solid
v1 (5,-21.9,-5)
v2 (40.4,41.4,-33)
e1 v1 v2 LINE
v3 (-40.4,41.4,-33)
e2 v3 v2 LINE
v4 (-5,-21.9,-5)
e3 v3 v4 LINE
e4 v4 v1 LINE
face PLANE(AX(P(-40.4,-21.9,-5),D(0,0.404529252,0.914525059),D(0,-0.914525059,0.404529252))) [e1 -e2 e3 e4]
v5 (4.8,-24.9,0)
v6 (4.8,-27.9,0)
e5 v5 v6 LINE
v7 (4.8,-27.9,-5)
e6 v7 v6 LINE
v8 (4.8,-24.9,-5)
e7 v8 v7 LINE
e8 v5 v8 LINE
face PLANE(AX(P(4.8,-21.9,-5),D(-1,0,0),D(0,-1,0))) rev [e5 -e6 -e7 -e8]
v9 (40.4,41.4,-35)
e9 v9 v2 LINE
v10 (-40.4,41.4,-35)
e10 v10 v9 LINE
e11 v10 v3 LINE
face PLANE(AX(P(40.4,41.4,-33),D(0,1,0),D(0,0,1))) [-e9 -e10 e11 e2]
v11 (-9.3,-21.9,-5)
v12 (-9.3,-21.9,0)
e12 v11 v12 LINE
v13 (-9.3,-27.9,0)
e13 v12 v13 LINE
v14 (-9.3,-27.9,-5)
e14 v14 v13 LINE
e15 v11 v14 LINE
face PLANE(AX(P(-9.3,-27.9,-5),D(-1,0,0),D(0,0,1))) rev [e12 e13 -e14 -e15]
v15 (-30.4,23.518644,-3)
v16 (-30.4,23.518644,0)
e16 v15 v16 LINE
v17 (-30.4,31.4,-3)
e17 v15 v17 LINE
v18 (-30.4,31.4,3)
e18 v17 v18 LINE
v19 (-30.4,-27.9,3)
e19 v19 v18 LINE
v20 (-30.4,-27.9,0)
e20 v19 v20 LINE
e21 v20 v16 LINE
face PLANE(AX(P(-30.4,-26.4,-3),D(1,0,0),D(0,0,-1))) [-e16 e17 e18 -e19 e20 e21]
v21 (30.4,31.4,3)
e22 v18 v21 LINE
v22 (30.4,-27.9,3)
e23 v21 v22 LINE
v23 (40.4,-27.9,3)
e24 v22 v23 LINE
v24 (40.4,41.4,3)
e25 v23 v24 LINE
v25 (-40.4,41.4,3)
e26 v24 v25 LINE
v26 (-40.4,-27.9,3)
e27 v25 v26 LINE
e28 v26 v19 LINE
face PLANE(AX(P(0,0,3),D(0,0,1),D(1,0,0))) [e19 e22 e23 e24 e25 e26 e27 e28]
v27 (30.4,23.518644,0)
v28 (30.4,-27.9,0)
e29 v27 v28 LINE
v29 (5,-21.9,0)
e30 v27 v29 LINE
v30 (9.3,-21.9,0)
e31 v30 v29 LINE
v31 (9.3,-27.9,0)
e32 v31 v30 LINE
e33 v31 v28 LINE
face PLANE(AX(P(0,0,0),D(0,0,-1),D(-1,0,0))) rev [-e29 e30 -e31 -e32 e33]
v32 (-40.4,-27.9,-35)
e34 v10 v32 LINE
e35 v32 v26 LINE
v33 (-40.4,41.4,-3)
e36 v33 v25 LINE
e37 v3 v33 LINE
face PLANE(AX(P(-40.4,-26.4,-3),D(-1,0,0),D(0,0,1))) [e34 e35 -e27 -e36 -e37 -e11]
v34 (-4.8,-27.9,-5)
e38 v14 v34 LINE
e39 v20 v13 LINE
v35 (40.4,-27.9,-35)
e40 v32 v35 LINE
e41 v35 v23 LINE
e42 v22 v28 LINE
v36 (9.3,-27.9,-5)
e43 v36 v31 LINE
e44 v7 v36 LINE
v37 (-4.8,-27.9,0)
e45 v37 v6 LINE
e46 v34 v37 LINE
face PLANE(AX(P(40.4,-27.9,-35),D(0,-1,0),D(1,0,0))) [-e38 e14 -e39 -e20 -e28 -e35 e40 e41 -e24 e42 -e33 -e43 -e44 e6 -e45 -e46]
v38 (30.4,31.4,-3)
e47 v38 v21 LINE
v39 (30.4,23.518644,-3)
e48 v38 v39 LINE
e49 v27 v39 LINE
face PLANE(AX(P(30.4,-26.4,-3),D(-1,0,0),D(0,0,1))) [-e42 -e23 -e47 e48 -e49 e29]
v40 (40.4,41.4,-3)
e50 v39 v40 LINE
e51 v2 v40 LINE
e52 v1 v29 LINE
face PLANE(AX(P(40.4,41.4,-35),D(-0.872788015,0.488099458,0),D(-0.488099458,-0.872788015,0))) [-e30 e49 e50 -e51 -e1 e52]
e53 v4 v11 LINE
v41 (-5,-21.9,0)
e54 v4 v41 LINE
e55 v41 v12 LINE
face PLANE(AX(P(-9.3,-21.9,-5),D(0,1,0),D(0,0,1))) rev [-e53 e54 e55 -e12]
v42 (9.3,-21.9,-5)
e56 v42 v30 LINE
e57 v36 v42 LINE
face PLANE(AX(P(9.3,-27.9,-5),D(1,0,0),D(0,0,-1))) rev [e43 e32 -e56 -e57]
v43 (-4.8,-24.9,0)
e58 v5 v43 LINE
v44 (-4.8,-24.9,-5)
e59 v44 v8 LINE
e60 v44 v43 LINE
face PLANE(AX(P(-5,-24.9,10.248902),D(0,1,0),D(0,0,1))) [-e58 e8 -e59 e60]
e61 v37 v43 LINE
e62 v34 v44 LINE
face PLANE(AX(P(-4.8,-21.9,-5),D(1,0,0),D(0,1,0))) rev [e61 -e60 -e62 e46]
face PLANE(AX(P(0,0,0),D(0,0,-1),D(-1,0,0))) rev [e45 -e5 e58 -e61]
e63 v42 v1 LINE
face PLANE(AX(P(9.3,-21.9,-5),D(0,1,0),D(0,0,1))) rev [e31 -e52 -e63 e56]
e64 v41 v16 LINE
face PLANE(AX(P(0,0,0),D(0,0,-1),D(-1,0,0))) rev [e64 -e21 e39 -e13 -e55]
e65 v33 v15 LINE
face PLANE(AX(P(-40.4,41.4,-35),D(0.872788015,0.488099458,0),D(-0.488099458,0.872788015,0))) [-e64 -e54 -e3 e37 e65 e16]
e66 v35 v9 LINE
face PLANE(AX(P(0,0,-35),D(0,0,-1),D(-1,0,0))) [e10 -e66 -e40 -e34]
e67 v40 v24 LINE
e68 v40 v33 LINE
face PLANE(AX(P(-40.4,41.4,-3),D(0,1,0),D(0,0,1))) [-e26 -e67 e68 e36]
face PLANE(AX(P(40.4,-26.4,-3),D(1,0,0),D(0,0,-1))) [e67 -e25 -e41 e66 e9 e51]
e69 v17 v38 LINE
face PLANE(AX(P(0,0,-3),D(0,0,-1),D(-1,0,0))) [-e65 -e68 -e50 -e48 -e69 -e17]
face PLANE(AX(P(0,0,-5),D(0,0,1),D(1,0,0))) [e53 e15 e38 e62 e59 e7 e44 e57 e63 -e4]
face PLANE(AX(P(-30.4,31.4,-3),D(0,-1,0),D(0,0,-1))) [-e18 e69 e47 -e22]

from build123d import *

# Parameters (mm, degrees)
BOSS_EXTRUDE1_DEPTH = 3
BOSS_EXTRUDE5_DEPTH = 35
BOSS_EXTRUDE6_DEPTH = 3
SKETCH8_W           = 80.8
SKETCH8_H           = 69.3
BOSS_EXTRUDE8_DEPTH = 2
BOSS_EXTRUDE9_DEPTH = 80.8
SKETCH10_W          = 4.5
SKETCH10_H          = 6
CUT_EXTRUDE1_DEPTH  = 5
SKETCH13_W          = 9.8
SKETCH13_H          = 3
CUT_EXTRUDE2_DEPTH  = 5


with BuildPart() as part:
    # Sketch1 → Boss-Extrude1 (new body)
    with BuildSketch(Plane.XY):
        Polygon((30.4, -26.4), (40.4, -26.4), (40.4, 41.4), (-40.4, 41.4), (-40.4, -26.4), (-30.4, -26.4), (-30.4, 31.4), (30.4, 31.4), align=None)
    extrude(amount=-BOSS_EXTRUDE1_DEPTH)

    # Sketch5 → Boss-Extrude5 (add)
    with BuildSketch(Plane.XY):
        Polygon((-40.4, 41.4), (-5, -21.9), (0, -21.9), (5, -21.9), (40.4, 41.4), (40.4, -27.9), (-40.4, -27.9), align=None)
    extrude(amount=-BOSS_EXTRUDE5_DEPTH)

    # Sketch6 → Boss-Extrude6 (add)
    with BuildSketch(Plane.XY):
        Polygon((-40.4, 41.4), (40.4, 41.4), (40.4, -27.9), (30.4, -27.9), (30.4, 31.4), (-30.4, 31.4), (-30.4, -27.9), (-40.4, -27.9), align=None)
    extrude(amount=BOSS_EXTRUDE6_DEPTH)

    # Sketch8 → Boss-Extrude8 (add)
    with BuildSketch(Plane(origin=(0, 0, -35), x_dir=(-1, 0, 0), z_dir=(0, 0, -1))):
        with Locations((0, 6.75)):
            Rectangle(SKETCH8_W, SKETCH8_H)
    extrude(amount=-BOSS_EXTRUDE8_DEPTH)

    # Sketch9 → Boss-Extrude9 (add)
    with BuildSketch(Plane(origin=(40.4, 0, 0), x_dir=(0, 0, -1), z_dir=(1, 0, 0))):
        Polygon((33, -21.9), (33, 41.4), (5, -21.9), align=None)
    extrude(amount=-BOSS_EXTRUDE9_DEPTH)

    # Sketch10 → Cut-Extrude1 (cut)
    with BuildSketch(Plane.XY):
        with Locations((7.05, -24.9)):
            Rectangle(SKETCH10_W, SKETCH10_H)
        with Locations((-7.05, -24.9)):
            Rectangle(SKETCH10_W, SKETCH10_H)
    extrude(amount=-CUT_EXTRUDE1_DEPTH, mode=Mode.SUBTRACT)

    # Sketch13 → Cut-Extrude2 (cut)
    with BuildSketch(Plane.XY.offset(-5)):
        with Locations((-0.1, -23.4)):
            Rectangle(SKETCH13_W, SKETCH13_H)
    extrude(amount=CUT_EXTRUDE2_DEPTH, mode=Mode.SUBTRACT)


solid = part.part
